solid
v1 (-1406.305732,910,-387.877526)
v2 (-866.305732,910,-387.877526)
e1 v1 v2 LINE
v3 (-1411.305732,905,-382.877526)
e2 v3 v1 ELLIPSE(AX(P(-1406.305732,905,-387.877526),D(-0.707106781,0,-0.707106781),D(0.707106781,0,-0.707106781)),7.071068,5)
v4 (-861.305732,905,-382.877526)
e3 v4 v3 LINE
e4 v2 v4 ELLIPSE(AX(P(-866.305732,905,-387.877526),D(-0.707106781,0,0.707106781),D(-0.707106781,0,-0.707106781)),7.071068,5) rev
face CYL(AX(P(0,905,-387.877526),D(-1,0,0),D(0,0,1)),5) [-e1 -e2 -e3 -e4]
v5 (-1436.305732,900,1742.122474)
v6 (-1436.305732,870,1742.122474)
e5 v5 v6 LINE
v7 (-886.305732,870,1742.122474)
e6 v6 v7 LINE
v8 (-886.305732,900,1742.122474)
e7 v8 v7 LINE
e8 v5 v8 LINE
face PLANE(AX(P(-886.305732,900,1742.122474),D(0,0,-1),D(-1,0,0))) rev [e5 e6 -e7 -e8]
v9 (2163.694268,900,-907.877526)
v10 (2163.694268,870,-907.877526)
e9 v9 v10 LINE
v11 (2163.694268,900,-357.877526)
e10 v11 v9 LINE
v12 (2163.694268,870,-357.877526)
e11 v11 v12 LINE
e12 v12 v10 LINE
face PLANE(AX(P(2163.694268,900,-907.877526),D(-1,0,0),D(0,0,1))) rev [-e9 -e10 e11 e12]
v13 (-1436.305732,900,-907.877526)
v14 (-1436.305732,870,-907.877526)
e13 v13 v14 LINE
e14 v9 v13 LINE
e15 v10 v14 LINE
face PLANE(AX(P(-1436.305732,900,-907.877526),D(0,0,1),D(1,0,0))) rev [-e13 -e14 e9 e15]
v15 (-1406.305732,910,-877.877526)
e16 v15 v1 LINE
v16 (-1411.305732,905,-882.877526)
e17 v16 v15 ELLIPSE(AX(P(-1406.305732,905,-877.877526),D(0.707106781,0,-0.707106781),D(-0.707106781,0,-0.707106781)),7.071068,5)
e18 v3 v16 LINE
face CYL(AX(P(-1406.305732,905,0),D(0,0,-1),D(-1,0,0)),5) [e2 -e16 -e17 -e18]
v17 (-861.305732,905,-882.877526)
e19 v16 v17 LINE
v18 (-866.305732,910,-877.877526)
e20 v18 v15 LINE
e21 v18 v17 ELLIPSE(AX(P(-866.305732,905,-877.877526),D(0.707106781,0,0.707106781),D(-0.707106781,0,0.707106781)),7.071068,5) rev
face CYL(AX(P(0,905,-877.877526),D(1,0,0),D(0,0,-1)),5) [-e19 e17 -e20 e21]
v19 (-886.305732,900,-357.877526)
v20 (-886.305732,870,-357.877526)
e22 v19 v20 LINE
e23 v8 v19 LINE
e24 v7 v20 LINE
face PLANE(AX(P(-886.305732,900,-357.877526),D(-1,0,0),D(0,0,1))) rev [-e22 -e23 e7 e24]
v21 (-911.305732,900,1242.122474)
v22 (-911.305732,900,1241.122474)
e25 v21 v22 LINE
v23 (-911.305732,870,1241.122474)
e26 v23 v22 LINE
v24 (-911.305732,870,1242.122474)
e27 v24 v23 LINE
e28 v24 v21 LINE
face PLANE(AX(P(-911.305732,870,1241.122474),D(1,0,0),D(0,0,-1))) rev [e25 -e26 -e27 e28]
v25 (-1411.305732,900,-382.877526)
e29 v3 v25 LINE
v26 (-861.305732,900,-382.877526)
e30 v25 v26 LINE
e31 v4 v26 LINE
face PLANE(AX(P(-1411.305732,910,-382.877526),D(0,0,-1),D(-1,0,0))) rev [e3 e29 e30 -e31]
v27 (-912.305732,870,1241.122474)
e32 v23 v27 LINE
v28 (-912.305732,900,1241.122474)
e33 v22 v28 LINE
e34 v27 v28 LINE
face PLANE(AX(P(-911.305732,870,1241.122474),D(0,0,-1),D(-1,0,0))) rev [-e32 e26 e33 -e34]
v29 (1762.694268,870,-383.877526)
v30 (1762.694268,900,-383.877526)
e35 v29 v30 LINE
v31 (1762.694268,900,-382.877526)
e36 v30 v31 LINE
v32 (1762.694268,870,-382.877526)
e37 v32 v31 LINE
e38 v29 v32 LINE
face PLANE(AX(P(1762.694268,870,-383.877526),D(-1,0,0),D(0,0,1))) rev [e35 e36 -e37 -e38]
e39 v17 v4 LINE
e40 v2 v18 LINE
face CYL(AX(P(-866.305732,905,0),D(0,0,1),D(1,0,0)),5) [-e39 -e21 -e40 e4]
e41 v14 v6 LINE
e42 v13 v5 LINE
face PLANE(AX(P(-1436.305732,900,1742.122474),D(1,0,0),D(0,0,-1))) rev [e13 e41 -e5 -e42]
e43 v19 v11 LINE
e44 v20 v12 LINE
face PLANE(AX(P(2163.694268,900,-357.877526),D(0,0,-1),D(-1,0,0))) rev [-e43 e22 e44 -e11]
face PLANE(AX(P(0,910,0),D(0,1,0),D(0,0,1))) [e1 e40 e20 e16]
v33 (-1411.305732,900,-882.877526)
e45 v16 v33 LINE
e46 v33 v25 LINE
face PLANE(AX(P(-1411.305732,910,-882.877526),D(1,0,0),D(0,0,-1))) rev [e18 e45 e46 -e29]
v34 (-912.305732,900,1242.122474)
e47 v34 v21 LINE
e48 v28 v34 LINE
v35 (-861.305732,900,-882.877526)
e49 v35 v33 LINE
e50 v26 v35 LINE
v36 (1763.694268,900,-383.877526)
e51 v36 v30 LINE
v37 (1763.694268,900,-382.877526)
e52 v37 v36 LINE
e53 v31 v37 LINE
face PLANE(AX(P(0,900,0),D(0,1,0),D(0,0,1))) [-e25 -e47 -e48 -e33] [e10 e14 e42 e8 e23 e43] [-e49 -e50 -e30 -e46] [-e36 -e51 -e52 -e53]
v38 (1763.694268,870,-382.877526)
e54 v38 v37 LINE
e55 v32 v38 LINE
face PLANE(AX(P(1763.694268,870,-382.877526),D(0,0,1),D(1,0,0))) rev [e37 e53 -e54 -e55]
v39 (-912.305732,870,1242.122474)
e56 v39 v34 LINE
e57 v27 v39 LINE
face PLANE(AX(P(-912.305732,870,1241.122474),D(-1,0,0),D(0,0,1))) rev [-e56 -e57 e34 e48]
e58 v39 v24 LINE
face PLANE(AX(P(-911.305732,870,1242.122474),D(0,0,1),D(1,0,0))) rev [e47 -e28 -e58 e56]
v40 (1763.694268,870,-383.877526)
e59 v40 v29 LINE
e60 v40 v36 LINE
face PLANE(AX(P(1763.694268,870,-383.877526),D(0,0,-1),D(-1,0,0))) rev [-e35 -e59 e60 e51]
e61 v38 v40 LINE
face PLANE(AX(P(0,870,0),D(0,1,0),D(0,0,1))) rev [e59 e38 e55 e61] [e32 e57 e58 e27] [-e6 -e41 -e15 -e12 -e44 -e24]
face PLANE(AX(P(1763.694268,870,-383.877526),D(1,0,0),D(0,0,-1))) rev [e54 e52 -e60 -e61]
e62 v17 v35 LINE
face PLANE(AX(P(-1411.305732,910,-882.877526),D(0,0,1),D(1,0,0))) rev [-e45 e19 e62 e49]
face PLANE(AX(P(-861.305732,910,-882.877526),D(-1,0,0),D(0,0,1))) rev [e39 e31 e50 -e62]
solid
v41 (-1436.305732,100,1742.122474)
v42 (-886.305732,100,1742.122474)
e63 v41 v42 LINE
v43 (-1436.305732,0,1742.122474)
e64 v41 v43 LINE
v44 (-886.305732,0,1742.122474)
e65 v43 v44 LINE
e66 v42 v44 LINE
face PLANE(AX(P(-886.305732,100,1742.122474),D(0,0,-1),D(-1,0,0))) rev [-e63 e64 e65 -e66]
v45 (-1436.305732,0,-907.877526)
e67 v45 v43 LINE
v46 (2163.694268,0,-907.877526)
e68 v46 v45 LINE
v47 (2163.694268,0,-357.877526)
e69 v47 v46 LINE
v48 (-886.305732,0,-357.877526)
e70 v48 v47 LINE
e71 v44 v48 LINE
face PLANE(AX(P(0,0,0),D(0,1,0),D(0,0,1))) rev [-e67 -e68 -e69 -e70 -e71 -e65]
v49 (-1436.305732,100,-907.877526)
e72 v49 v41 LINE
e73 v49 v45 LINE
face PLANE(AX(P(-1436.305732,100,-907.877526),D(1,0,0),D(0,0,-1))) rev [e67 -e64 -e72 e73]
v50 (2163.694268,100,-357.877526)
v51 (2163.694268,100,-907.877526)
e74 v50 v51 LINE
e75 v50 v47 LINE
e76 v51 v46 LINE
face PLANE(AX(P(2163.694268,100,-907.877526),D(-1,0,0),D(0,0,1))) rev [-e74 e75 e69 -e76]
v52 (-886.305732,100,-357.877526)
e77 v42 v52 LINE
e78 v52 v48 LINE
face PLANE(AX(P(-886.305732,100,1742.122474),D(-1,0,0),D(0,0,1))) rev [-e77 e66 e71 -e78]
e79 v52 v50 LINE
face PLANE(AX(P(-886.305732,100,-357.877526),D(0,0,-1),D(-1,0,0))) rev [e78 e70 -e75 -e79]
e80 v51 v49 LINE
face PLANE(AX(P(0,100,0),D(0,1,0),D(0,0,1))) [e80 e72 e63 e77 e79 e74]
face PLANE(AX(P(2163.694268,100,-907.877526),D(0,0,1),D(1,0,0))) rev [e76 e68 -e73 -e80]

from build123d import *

# Parameters (mm, degrees)
BOSS_EXTRUDE1_DEPTH = 100
BOSS_EXTRUDE8_DEPTH = 30
SKETCH13_W          = 1
SKETCH13_H          = 1
CUT_EXTRUDE1_DEPTH  = 30
SKETCH14_W          = 550
SKETCH14_H          = 500
BOSS_EXTRUDE9_DEPTH = 10
FILLET1_R           = 5


with BuildPart() as part:
    # Sketch1 → Boss-Extrude1 (new body)
    with BuildSketch(Plane(origin=(0, 0, 0), x_dir=(1, 0, 0), z_dir=(0, 1, 0))):
        Polygon((2163.694267516, 907.877525978), (-1436.305732484, 907.877525978), (-1436.305732484, -1742.122474022), (-886.305732484, -1742.122474022), (-886.305732484, 357.877525978), (2163.694267516, 357.877525978), align=None)
    extrude(amount=BOSS_EXTRUDE1_DEPTH)


with BuildPart() as body_2:
    # Sketch11 → Boss-Extrude8 (new body)
    with BuildSketch(Plane(origin=(0, 870, 0), x_dir=(1, 0, 0), z_dir=(0, 1, 0))):
        Polygon((-886.305732484, 357.877525978), (-886.305732484, -1742.122474022), (-1436.305732484, -1742.122474022), (-1436.305732484, 907.877525978), (2163.694267516, 907.877525978), (2163.694267516, 357.877525978), align=None)
    extrude(amount=BOSS_EXTRUDE8_DEPTH)

    # Sketch13 → Cut-Extrude1 (cut)
    with BuildSketch(Plane(origin=(0, 900, 0), x_dir=(1, 0, 0), z_dir=(0, 1, 0))):
        with Locations((-911.805732484, -1241.622474022)):
            Rectangle(SKETCH13_W, SKETCH13_H)
        with Locations((1763.194267516, 383.377525978)):
            Rectangle(SKETCH13_W, SKETCH13_H)
    extrude(amount=-CUT_EXTRUDE1_DEPTH, mode=Mode.SUBTRACT)

    # Sketch14 → Boss-Extrude9 (add)
    with BuildSketch(Plane(origin=(0, 900, 0), x_dir=(1, 0, 0), z_dir=(0, 1, 0))):
        with Locations((-1136.305732484, 632.877525978)):
            Rectangle(SKETCH14_W, SKETCH14_H)
    extrude(amount=BOSS_EXTRUDE9_DEPTH)

    # Fillet1
    fillet1_edges = [body_2.edges().sort_by_distance(p)[0] for p in [
        (-1411.305732484, 910, -632.877525978),
        (-1136.305732484, 910, -382.877525978),
        (-861.305732484, 910, -632.877525978),
        (-1136.305732484, 910, -882.877525978),
    ]]
    fillet(fillet1_edges, radius=FILLET1_R)


solid = Compound([part.part, body_2.part])
